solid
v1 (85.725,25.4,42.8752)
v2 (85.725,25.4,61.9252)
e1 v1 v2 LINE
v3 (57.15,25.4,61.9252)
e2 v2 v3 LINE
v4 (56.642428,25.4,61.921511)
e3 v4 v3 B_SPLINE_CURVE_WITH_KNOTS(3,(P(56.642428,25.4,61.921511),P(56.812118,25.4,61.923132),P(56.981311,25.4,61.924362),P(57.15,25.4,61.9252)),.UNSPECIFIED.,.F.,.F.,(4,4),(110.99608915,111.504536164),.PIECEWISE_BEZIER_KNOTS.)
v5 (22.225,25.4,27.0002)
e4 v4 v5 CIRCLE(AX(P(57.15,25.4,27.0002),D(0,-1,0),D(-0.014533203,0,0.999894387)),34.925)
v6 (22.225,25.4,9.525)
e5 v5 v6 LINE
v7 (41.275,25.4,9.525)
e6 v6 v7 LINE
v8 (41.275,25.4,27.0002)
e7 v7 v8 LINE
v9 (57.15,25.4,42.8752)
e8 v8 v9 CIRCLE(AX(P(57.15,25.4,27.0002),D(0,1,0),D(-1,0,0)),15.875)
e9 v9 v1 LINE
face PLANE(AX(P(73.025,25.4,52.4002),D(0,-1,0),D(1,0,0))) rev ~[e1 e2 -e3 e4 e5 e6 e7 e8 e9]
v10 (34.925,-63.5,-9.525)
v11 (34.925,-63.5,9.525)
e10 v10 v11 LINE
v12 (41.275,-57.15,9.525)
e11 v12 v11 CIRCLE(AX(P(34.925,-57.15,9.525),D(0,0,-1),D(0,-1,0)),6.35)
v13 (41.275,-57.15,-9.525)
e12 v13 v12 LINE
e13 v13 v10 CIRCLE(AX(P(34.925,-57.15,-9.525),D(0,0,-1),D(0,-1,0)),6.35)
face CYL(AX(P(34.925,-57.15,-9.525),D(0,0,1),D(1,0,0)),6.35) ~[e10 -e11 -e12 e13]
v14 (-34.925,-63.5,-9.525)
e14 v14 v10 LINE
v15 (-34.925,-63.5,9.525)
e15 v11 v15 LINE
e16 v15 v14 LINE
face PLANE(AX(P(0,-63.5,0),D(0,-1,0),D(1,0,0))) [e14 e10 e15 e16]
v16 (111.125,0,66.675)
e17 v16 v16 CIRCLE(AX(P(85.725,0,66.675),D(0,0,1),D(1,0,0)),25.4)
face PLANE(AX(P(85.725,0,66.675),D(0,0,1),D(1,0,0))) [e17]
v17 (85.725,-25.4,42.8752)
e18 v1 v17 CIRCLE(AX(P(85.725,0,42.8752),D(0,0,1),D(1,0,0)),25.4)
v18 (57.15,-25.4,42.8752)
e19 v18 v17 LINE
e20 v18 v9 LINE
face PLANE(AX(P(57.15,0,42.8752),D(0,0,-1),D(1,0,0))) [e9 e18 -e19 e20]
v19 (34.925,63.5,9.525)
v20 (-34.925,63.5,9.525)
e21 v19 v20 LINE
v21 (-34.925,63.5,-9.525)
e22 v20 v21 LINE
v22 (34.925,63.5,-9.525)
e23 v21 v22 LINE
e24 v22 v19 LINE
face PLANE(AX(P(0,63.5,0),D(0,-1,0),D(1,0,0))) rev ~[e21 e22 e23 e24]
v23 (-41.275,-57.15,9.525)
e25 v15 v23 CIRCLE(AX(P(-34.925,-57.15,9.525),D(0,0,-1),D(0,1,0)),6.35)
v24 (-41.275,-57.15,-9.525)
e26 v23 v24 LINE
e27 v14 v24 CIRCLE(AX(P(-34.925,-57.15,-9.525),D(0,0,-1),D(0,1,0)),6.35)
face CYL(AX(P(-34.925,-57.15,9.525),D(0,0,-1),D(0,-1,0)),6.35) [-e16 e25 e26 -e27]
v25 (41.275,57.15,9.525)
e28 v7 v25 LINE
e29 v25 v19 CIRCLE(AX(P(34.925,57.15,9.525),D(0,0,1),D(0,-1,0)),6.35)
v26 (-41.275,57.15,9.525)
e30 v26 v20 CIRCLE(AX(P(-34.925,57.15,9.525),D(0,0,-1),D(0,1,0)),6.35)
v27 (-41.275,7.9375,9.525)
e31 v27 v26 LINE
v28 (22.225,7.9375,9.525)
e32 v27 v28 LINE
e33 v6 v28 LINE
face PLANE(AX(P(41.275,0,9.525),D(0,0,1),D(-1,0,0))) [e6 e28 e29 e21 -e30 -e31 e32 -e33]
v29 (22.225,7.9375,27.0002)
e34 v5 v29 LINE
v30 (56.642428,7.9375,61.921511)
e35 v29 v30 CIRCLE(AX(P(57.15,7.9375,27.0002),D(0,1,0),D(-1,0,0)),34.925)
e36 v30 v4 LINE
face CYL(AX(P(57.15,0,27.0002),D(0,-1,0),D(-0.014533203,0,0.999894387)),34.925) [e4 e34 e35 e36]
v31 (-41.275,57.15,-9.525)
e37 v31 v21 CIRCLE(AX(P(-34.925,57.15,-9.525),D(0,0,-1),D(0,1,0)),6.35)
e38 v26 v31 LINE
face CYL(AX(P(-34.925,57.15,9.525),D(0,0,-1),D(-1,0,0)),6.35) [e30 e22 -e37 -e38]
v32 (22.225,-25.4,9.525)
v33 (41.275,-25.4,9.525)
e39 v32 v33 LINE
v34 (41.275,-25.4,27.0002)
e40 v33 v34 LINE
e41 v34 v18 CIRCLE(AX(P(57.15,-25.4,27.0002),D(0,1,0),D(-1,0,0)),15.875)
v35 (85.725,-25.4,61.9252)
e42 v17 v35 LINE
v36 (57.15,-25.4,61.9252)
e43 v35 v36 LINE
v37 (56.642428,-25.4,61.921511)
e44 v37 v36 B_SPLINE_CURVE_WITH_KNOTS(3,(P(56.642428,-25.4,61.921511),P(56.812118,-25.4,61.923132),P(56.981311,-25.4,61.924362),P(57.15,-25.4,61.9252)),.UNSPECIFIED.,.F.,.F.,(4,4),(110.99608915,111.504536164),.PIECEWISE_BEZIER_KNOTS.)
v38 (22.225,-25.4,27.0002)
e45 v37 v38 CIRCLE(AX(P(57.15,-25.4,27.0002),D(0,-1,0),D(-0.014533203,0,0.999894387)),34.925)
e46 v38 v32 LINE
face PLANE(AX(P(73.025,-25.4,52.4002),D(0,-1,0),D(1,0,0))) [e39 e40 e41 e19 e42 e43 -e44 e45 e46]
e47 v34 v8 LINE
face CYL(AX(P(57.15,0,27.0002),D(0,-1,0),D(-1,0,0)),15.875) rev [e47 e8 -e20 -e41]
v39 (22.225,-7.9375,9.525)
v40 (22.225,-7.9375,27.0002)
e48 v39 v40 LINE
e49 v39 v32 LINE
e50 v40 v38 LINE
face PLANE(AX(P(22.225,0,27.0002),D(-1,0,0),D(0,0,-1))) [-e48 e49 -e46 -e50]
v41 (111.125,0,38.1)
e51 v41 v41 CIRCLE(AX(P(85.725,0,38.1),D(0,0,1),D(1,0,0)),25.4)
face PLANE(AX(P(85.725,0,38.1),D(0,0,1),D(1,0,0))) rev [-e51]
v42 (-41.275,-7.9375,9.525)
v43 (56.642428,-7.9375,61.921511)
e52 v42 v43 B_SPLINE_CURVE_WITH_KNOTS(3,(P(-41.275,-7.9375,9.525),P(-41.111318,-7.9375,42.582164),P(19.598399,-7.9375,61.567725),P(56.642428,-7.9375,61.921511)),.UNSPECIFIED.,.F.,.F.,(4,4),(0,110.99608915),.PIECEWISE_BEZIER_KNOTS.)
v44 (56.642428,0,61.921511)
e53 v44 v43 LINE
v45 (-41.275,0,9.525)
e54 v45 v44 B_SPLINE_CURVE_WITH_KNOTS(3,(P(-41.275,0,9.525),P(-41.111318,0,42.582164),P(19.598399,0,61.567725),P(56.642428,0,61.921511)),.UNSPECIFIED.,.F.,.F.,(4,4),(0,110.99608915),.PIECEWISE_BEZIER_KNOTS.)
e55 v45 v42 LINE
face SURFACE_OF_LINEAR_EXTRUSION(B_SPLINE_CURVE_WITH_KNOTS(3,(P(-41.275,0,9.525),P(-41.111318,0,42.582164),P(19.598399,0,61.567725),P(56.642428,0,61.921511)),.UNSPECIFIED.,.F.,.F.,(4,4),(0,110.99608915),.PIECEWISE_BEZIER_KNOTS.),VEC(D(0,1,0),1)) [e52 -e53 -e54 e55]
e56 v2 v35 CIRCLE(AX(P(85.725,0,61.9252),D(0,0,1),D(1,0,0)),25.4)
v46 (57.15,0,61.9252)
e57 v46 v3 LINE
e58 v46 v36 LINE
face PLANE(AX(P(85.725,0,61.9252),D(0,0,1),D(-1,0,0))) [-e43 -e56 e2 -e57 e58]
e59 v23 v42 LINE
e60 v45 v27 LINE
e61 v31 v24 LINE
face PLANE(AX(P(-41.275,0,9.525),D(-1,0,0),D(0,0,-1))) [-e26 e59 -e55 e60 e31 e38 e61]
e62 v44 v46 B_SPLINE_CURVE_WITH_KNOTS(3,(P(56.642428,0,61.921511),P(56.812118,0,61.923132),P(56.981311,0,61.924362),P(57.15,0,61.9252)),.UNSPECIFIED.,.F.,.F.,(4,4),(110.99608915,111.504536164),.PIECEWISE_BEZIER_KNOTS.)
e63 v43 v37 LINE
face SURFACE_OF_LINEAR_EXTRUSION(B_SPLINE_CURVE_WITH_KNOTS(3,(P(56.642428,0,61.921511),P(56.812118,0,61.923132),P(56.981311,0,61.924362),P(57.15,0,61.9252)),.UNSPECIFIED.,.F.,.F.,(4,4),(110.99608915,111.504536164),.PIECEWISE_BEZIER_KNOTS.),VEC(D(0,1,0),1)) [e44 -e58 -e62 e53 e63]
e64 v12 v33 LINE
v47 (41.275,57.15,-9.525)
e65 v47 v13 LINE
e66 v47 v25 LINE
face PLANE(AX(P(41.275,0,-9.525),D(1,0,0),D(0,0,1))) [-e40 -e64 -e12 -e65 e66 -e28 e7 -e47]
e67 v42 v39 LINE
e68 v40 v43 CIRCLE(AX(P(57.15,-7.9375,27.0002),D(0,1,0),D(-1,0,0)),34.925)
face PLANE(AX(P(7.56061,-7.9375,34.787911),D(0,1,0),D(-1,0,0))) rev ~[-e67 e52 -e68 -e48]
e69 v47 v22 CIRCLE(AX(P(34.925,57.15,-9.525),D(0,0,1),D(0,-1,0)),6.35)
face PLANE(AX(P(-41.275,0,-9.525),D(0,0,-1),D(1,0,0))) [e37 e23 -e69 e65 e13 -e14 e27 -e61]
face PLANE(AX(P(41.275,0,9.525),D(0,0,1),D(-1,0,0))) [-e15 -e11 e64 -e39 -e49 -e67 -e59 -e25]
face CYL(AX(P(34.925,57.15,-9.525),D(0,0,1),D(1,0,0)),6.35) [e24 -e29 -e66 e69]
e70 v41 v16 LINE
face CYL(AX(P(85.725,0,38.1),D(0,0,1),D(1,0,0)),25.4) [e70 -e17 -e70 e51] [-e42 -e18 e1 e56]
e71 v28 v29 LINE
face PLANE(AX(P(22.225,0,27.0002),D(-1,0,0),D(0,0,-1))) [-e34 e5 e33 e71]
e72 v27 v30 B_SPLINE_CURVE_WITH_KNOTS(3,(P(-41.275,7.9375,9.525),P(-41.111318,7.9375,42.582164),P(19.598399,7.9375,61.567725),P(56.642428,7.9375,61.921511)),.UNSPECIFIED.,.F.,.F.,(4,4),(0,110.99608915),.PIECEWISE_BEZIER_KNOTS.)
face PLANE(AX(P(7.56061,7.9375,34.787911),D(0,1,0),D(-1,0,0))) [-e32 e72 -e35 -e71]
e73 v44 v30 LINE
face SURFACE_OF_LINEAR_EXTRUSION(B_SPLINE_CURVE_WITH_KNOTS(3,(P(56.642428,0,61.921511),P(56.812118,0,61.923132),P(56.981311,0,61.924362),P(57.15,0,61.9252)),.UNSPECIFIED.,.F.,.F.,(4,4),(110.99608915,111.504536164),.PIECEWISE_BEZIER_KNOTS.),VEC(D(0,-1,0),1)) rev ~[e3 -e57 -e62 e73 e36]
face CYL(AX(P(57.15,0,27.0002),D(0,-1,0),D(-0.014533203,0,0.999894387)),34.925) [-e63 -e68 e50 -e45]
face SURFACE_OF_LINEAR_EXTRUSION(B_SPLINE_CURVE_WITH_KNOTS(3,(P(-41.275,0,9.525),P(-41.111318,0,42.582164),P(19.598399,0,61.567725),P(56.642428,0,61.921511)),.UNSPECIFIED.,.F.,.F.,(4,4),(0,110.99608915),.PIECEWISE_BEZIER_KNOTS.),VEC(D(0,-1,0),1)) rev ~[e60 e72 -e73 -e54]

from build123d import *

# Parameters (mm, degrees)
F1_DEPTH = 63.5
F0_W     = 25.4
F0_H     = 19.05
F2_DEPTH = 25.4
F3_DEPTH = 7.9375
F5_R     = 6.35


with BuildPart() as f1:
    # F0 (on Front) → F1 (new body, symmetric)
    with BuildSketch(Plane.XZ):
        Polygon((22.225, 9.525), (-41.275, 9.525), (-41.275, -9.525), (41.275, -9.525), (41.275, 9.525), align=None)
    extrude(amount=F1_DEPTH, both=True)

    # F0 (on Front) → F2 (join, symmetric)
    with BuildSketch(Plane.XZ):
        with Locations((73.025, 52.4002)):
            Rectangle(F0_W, F0_H)
        with BuildLine():
            Line((22.225, 27.0002), (22.225, 9.525))
            Line((22.225, 9.525), (41.275, 9.525))
            Line((41.275, 9.525), (41.275, 27.0002))
            ThreePointArc((41.275, 27.0002), (45.9246798487, 38.2255201513), (57.15, 42.8752))
            Line((57.15, 42.8752), (60.325, 42.8752))
            Line((60.325, 42.8752), (60.325, 61.9252))
            Line((60.325, 61.9252), (57.15, 61.9252))
            add(Edge.make_bspline(
                [(56.6424278756, 61.9215114808), (56.8121178687, 61.9231320915), (56.981311275, 61.924361744), (57.15, 61.9252)],
                knots=[110.9960891503, 110.9960891503, 110.9960891503, 110.9960891503, 111.5045361635, 111.5045361635, 111.5045361635, 111.5045361635], degree=3))
            ThreePointArc((56.6424278756, 61.9215114808), (32.275489136, 51.5157936962), (22.225, 27.0002))
        make_face()
    extrude(amount=F2_DEPTH, both=True)

    # F0 (on Front) → F3 (join, symmetric)
    with BuildSketch(Plane.XZ):
        with BuildLine():
            add(Edge.make_bspline(
                [(-41.275, 9.525), (-41.1113175395, 42.5821639465), (19.5983994664, 61.5677254569), (56.6424278756, 61.9215114808)],
                knots=[0, 0, 0, 0, 110.9960891503, 110.9960891503, 110.9960891503, 110.9960891503], degree=3))
            Line((-41.275, 9.525), (22.225, 9.525))
            Line((22.225, 9.525), (22.225, 27.0002))
            ThreePointArc((22.225, 27.0002), (32.275489136, 51.5157936962), (56.6424278756, 61.9215114808))
        make_face()
    extrude(amount=F3_DEPTH, both=True)

    # F0 (on Front) → F4 (revolve)
    with BuildSketch(Plane.XZ):
        Polygon((85.725, 66.675), (85.725, 61.9252), (85.725, 42.8752), (85.725, 38.1), (111.125, 38.1), (111.125, 66.675), align=None)
    revolve(axis=Axis((85.725, 0, 52.3875), (0, 0, 1)))

    # F5
    f5_edges = [f1.edges().sort_by_distance(p)[0] for p in [
        (41.275, -63.5, 0),
        (-41.275, -63.5, 0),
        (41.275, 63.5, 0),
        (-41.275, 63.5, 0),
    ]]
    fillet(f5_edges, radius=F5_R)


solid = f1.part
